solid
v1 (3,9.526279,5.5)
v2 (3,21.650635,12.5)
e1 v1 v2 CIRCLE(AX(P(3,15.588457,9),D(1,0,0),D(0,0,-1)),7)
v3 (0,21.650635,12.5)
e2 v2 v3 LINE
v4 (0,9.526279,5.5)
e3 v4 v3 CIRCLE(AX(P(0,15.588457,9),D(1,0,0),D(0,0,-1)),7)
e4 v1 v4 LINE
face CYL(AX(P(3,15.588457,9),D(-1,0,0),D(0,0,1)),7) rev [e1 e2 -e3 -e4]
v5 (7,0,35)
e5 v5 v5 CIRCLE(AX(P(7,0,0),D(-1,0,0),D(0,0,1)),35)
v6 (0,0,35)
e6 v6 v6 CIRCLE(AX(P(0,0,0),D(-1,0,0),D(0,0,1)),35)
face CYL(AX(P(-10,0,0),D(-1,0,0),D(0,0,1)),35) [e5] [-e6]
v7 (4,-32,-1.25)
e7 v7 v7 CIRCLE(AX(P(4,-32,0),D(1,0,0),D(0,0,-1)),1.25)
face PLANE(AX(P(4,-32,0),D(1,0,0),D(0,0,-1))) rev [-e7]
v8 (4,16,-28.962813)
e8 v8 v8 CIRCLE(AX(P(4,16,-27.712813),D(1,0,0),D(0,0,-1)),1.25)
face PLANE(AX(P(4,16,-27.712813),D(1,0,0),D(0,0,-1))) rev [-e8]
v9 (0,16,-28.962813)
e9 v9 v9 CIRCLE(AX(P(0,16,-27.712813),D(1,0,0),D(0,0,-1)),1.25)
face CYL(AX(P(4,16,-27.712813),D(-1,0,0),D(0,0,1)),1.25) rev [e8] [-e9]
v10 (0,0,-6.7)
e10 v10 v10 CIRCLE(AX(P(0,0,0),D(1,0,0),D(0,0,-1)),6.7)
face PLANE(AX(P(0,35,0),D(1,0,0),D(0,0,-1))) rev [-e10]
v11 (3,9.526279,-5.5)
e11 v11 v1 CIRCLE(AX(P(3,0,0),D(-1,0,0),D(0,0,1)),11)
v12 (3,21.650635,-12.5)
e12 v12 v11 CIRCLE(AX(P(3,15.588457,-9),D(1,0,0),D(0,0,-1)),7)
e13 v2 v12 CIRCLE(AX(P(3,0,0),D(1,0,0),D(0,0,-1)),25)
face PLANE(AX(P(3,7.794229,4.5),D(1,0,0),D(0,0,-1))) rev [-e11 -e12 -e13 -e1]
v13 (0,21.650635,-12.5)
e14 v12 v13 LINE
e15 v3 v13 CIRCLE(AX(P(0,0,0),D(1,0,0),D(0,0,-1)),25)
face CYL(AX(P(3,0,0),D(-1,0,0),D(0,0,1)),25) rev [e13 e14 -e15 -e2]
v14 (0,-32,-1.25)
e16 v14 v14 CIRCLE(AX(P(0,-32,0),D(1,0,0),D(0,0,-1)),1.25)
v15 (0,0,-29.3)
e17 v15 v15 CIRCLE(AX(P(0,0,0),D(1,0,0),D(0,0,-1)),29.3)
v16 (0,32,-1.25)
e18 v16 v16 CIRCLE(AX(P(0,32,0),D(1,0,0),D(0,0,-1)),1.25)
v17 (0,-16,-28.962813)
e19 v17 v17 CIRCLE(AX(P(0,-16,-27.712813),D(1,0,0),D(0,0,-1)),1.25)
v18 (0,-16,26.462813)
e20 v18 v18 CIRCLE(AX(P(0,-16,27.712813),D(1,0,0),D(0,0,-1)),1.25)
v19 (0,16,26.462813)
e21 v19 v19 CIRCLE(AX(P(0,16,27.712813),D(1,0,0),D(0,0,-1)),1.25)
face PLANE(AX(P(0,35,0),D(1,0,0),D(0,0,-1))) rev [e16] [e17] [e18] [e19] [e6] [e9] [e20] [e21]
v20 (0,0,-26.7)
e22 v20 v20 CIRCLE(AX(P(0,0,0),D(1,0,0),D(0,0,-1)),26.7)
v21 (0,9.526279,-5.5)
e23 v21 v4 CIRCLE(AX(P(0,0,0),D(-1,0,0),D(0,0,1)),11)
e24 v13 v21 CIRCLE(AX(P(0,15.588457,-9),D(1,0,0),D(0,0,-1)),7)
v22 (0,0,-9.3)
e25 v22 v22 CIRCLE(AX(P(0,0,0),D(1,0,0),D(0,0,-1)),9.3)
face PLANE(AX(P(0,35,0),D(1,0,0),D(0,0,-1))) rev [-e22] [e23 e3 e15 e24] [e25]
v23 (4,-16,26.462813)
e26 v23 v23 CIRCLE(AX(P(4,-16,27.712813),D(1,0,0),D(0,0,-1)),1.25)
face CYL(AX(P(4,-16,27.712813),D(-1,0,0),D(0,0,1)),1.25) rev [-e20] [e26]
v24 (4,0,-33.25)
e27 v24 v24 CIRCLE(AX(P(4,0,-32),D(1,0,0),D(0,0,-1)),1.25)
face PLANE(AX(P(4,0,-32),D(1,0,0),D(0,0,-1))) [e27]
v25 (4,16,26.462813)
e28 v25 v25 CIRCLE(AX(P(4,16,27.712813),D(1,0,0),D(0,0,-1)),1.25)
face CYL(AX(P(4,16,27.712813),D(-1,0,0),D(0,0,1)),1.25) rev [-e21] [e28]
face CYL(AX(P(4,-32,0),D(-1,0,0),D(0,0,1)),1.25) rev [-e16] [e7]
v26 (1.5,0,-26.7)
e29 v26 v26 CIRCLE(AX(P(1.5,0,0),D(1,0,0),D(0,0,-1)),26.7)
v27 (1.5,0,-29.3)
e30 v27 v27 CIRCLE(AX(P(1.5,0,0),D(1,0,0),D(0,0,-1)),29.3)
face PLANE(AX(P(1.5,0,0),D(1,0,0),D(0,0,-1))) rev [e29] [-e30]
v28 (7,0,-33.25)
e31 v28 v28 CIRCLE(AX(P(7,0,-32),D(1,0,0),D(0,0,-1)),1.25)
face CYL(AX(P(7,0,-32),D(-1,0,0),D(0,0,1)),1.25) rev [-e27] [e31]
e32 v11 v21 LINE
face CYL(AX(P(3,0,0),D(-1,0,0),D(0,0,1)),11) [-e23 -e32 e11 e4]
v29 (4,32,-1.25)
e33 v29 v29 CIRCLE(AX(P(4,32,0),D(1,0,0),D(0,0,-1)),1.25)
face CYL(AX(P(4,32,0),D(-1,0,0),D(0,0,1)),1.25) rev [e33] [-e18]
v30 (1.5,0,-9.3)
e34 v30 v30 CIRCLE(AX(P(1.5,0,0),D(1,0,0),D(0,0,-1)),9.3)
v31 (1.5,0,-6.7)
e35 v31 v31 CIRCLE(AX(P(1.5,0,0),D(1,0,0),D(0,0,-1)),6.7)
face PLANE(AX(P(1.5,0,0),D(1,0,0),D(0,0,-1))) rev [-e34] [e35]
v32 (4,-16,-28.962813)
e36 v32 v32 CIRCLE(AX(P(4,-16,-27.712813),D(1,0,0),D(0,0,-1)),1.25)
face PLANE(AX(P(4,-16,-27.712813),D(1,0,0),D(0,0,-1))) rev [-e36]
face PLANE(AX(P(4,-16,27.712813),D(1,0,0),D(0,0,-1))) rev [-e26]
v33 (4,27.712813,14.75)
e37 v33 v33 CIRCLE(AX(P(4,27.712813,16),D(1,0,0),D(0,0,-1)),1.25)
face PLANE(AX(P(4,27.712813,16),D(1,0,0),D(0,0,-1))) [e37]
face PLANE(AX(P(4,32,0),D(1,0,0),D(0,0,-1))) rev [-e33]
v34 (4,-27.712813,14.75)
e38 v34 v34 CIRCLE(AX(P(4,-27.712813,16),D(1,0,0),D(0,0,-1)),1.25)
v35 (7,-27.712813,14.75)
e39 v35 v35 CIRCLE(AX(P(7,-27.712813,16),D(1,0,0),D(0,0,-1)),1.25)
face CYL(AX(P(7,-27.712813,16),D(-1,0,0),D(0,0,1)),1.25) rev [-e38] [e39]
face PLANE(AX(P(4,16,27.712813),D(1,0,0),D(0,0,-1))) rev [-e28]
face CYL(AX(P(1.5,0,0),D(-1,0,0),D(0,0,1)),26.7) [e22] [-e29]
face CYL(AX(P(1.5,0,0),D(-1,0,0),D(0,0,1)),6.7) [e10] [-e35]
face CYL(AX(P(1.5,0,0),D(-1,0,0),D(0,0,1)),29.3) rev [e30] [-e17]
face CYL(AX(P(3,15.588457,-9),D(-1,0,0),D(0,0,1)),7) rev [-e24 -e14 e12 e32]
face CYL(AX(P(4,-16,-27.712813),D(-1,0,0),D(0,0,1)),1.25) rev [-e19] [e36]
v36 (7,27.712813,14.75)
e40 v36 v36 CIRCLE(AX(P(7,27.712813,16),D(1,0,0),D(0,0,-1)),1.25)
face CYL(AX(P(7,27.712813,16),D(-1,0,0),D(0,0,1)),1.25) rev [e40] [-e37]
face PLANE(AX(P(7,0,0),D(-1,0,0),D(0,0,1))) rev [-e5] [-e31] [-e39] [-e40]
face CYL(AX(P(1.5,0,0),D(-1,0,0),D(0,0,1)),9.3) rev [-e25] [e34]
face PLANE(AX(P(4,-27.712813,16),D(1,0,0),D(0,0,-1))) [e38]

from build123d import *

# Parameters (mm, degrees)
BLANK_OD70_THICKNESS7_MM_W                    = 7
BLANK_OD70_THICKNESS7_MM_H                    = 35
WATER_PASSAGE_R11_25_DEPTH3_ROUND_END_C_DEPTH = 3
INNER_FACE_SEAL_GLAND_WIDTH2P6_DEPTH_2_R      = 9.3
INNER_FACE_SEAL_GLAND_WIDTH2P6_DEPTH_2_R_2    = 6.7
INNER_FACE_SEAL_GLAND_WIDTH2P6_DEPTH1P5_DEPTH = 1.5
OUTER_FACE_SEAL_GLAND_WIDTH2P6_DEPTH_2_R      = 29.3
OUTER_FACE_SEAL_GLAND_WIDTH2P6_DEPTH_2_R_2    = 26.7
OUTER_FACE_SEAL_GLAND_WIDTH2P6_DEPTH1P5_DEPTH = 1.5
SIX_REAR_COVER_M3_PILOT_BORES_DEPTH4_SKE_R    = 1.25
SIX_REAR_COVER_M3_PILOT_BORES_DEPTH4_DEPTH    = 4
THREE_START                                   = 4
THREE_FRONT_CLAMP_M3_PILOT_BORES_DEP_2_R      = 1.25
THREE_FRONT_CLAMP_M3_PILOT_BORES_DEPTH3_DEPTH = 3


with BuildPart() as part:
    # Blank OD70 thickness7 mm → Copper blank - OD70 x7 (revolve)
    with BuildSketch(Plane.XY, mode=Mode.PRIVATE) as copper_blank_od70_x7_sk:
        with Locations((3.5, 17.5)):
            Rectangle(BLANK_OD70_THICKNESS7_MM_W, BLANK_OD70_THICKNESS7_MM_H)
    revolve(copper_blank_od70_x7_sk.sketch.rotate(Axis((-10, 0, 0), (1, 0, 0)), 90), axis=Axis((-10, 0, 0), (1, 0, 0)))

    # Water passage R11-25 depth3 round-en 2 → Water passage R11-25 depth3 round-end C (cut)
    with BuildSketch(Plane(origin=(0, 0, 0), x_dir=(0, 0, -1), z_dir=(1, 0, 0))):
        with BuildLine():
            ThreePointArc((-12.5, 21.650635095), (0, -25), (12.5, 21.650635095))
            ThreePointArc((12.5, 21.650635095), (2.937822174, 19.088457268), (5.5, 9.526279442))
            ThreePointArc((5.5, 9.526279442), (0, -11), (-5.5, 9.526279442))
            ThreePointArc((-5.5, 9.526279442), (-2.937822174, 19.088457268), (-12.5, 21.650635095))
        make_face()
    extrude(amount=WATER_PASSAGE_R11_25_DEPTH3_ROUND_END_C_DEPTH, mode=Mode.SUBTRACT)

    # Inner face-seal gland width2p6 depth 2 → Inner face-seal gland width2p6 depth1p5 (cut)
    with BuildSketch(Plane(origin=(0, 0, 0), x_dir=(0, 0, -1), z_dir=(1, 0, 0))):
        Circle(INNER_FACE_SEAL_GLAND_WIDTH2P6_DEPTH_2_R)
        Circle(INNER_FACE_SEAL_GLAND_WIDTH2P6_DEPTH_2_R_2, mode=Mode.SUBTRACT)
    extrude(amount=INNER_FACE_SEAL_GLAND_WIDTH2P6_DEPTH1P5_DEPTH, mode=Mode.SUBTRACT)

    # Outer face-seal gland width2p6 depth 2 → Outer face-seal gland width2p6 depth1p5 (cut)
    with BuildSketch(Plane(origin=(0, 0, 0), x_dir=(0, 0, -1), z_dir=(1, 0, 0))):
        Circle(OUTER_FACE_SEAL_GLAND_WIDTH2P6_DEPTH_2_R)
        Circle(OUTER_FACE_SEAL_GLAND_WIDTH2P6_DEPTH_2_R_2, mode=Mode.SUBTRACT)
    extrude(amount=OUTER_FACE_SEAL_GLAND_WIDTH2P6_DEPTH1P5_DEPTH, mode=Mode.SUBTRACT)

    # Six rear cover M3 pilot bores depth4 sketch → Six rear cover M3 pilot bores depth4 (cut)
    with BuildSketch(Plane(origin=(0, 0, 0), x_dir=(0, 0, -1), z_dir=(1, 0, 0))):
        with Locations((0, 32)):
            Circle(SIX_REAR_COVER_M3_PILOT_BORES_DEPTH4_SKE_R)
        with Locations((-27.712812921, 16)):
            Circle(SIX_REAR_COVER_M3_PILOT_BORES_DEPTH4_SKE_R)
        with Locations((-27.712812921, -16)):
            Circle(SIX_REAR_COVER_M3_PILOT_BORES_DEPTH4_SKE_R)
        with Locations((0, -32)):
            Circle(SIX_REAR_COVER_M3_PILOT_BORES_DEPTH4_SKE_R)
        with Locations((27.712812921, -16)):
            Circle(SIX_REAR_COVER_M3_PILOT_BORES_DEPTH4_SKE_R)
        with Locations((27.712812921, 16)):
            Circle(SIX_REAR_COVER_M3_PILOT_BORES_DEPTH4_SKE_R)
    extrude(amount=SIX_REAR_COVER_M3_PILOT_BORES_DEPTH4_DEPTH, mode=Mode.SUBTRACT)

    # Three front clamp M3 pilot bores dep 2 → Three front clamp M3 pilot bores depth3 (cut)
    with BuildSketch(Plane(origin=(0, 0, 0), x_dir=(0, 0, -1), z_dir=(1, 0, 0)).offset(THREE_START)):
        with Locations((-16, 27.712812921)):
            Circle(THREE_FRONT_CLAMP_M3_PILOT_BORES_DEP_2_R)
        with Locations((-16, -27.712812921)):
            Circle(THREE_FRONT_CLAMP_M3_PILOT_BORES_DEP_2_R)
        with Locations((32, 0)):
            Circle(THREE_FRONT_CLAMP_M3_PILOT_BORES_DEP_2_R)
    extrude(amount=THREE_FRONT_CLAMP_M3_PILOT_BORES_DEPTH3_DEPTH, mode=Mode.SUBTRACT)


solid = part.part
